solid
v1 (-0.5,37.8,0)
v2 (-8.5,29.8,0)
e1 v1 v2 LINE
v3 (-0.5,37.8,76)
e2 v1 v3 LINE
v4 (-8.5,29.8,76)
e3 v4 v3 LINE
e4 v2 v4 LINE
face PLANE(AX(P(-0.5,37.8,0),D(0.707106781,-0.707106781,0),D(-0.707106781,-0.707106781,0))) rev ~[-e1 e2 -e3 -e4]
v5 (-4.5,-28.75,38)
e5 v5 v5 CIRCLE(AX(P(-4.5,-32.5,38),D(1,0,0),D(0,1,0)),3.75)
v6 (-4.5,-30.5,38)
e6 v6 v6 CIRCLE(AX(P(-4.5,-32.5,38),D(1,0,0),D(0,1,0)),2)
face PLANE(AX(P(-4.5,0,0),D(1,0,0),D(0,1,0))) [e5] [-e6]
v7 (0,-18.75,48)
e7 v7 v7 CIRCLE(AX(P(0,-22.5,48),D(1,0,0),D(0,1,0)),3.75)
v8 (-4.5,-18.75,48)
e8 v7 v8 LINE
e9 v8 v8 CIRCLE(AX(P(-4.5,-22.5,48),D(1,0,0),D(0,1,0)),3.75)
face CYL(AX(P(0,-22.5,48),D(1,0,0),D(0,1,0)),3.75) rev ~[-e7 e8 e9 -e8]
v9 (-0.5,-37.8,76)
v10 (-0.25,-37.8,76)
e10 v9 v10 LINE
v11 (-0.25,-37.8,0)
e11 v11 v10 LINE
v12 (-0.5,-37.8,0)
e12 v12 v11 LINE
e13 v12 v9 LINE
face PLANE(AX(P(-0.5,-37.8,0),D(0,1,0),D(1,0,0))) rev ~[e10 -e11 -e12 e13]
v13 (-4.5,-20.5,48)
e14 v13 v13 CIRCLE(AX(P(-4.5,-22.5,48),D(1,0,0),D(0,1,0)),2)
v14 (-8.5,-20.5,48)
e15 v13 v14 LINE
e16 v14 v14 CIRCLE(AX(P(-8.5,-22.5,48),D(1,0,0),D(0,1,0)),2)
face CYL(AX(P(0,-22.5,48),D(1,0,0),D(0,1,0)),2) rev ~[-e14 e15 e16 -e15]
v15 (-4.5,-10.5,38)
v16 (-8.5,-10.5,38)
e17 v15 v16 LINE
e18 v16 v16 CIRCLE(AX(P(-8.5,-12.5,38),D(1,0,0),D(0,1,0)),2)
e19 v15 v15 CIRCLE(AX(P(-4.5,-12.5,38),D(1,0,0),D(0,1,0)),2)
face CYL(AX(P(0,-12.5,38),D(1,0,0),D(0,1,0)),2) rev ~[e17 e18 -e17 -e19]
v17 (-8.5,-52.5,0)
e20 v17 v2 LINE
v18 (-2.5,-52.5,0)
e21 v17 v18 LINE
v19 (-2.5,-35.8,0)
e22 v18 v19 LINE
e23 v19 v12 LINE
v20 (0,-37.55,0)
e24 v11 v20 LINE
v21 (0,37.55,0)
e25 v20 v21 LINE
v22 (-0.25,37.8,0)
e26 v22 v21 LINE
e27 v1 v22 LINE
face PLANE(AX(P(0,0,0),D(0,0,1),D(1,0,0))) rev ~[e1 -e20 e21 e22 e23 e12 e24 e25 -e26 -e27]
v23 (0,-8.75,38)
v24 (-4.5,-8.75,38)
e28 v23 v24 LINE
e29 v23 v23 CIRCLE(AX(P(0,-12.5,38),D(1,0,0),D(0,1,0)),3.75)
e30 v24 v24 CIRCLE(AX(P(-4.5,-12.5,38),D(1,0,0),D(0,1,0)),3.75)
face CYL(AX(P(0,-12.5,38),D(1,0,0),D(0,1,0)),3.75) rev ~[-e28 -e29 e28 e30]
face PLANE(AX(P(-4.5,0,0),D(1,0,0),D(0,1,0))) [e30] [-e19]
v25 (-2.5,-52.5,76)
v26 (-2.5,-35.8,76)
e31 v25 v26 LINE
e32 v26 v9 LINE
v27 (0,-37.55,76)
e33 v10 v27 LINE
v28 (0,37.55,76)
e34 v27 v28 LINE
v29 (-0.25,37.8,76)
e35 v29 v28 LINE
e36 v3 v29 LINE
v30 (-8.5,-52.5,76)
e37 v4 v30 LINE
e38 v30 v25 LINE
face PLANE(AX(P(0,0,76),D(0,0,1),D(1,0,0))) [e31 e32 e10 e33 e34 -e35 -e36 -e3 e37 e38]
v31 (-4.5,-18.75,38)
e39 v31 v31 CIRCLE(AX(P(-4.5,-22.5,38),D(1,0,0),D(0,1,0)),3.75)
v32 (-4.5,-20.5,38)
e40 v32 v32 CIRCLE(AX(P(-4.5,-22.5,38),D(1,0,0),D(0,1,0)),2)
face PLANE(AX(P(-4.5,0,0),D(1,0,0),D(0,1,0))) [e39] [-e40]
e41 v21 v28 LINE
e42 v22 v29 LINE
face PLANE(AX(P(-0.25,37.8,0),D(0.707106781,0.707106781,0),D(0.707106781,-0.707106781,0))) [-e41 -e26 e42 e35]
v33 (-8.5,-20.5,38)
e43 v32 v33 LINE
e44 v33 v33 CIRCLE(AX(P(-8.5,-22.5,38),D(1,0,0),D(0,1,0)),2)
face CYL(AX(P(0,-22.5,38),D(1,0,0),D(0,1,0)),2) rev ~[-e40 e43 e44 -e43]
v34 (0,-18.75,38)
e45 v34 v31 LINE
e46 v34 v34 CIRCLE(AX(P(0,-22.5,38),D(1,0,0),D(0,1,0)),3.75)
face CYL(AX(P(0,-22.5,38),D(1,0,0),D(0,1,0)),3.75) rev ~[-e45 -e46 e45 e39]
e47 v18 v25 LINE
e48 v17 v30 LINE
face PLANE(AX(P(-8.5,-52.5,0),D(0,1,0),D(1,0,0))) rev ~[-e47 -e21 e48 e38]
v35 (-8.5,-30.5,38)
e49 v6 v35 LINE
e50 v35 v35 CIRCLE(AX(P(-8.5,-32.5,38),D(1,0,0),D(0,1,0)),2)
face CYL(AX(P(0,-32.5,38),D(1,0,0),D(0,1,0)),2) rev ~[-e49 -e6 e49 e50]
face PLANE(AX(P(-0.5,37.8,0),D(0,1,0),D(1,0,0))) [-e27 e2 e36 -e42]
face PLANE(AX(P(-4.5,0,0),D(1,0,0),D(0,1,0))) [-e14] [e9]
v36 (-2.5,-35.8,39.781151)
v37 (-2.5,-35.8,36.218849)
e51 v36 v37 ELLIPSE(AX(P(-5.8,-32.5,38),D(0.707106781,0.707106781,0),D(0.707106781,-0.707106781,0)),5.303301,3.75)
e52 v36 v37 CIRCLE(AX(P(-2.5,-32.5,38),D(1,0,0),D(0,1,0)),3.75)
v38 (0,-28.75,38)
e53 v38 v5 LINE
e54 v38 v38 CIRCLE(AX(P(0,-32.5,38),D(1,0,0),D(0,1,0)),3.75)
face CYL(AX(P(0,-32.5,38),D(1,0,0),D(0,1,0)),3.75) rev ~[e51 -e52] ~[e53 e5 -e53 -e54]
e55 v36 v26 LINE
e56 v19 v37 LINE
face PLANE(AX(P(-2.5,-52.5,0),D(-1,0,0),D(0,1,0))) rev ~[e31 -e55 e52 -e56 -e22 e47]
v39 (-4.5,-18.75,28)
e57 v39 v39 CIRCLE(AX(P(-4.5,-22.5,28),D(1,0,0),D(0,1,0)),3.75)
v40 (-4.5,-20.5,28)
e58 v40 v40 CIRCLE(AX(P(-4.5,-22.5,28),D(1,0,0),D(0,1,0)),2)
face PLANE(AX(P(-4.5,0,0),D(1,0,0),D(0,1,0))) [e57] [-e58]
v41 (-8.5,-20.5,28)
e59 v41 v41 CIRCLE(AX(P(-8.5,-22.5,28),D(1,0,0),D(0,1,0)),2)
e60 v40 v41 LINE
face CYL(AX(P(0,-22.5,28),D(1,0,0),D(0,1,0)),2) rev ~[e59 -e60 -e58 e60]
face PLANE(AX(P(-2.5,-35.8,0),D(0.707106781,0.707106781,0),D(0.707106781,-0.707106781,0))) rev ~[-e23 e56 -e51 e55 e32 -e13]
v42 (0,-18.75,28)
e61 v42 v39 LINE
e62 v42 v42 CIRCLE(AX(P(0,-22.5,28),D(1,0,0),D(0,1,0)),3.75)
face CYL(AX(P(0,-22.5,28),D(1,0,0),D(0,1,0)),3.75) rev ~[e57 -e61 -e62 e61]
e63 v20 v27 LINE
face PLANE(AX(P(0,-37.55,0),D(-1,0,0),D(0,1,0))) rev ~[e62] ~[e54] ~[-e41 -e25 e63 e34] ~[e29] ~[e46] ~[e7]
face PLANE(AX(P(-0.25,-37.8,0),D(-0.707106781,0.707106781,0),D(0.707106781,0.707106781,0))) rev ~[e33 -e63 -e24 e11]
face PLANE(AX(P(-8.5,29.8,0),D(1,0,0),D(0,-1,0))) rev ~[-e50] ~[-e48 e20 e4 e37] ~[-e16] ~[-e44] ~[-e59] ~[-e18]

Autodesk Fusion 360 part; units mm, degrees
sketch "Skizze1" plane through (0, 0, 0) normal (0, 0, 1) x (1, 0, 0)
  line L0 (-2.5, 19.7043) -> (-8.5, 19.7043)
  line L1 (-8.5, 19.7043) -> (-8.5, -52.5)
  line L2 (-8.5, -52.5) -> (-2.5, -52.5)
  line L3 (-2.5, -52.5) -> (-2.5, -35.8)
  line L4 (-2.5, -35.8) -> (0, -38.3)
  line L5 (0, -38.3) -> (0, 38.3)
  line L6 (0, 38.3) -> (-2.5, 35.8)
  line L7 (-2.5, 35.8) -> (-2.5, 19.7043)
  line L8 (-2.5, 35.8) -> (-8.5, 29.8)
  line L9 (-8.5, 29.8) -> (-8.5, 19.7043)
  line L10 (-0.5, 37.8) -> (-0.25, 37.8)
  line L11 (-0.25, 37.8) -> (0, 37.55)
  line L12 (0, 0) -> (7.5514, 0) construction
  line L13 (-0.5, -37.8) -> (-0.25, -37.8)
  line L14 (-0.25, -37.8) -> (0, -37.55)
  dimension "d1" = 45
  dimension "d2" = 2.5
  dimension "d6" = 52.5
  dimension "d31" = 8.5
  dimension "d33" = 16.7
  dimension "d34" = 0.25
  dimension "d36" = 0.25
  dimension "d37" = 82.3
extrude "Extrusion1" add sketch "Skizze1" along normal blind 76 contours L0 L1 L2 L3 L4 L5 L6 L7 L10 L11 L13 L14 | L0 L7 L8 L9
sketch "Skizze2" plane through (0, 0, 0) normal (1, 0, 0) x (0, 1, 0)
  line L0 (-37.55, 0) -> (37.55, 0)
  line L1 (37.55, 76) -> (-37.55, 76)
  line L2 (0, 38) -> (-32.5, 38) construction
  circle A0 centre (-12.5, 38) radius 2
  circle A1 centre (-32.5, 38) radius 2
  circle A2 centre (-22.5, 48) radius 2
  circle A3 centre (-22.5, 28) radius 2
  line L3 (-32.5, 38) -> (-12.5, 38) construction
  line L4 (-22.5, 38) -> (-22.5, 48) construction
  circle A4 centre (-22.5, 38) radius 2
  circle A5 centre (-12.5, 38) radius 3.75
  circle A6 centre (-22.5, 48) radius 3.75
  circle A7 centre (-22.5, 28) radius 3.75
  circle A8 centre (-32.5, 38) radius 3.75
  circle A9 centre (-22.5, 38) radius 3.75
  line L5 (37.55, 0) -> (37.55, 76)
  line L6 (-37.55, 76) -> (-37.55, 0)
  line L7 (0, 76) -> (0, 0) construction
  dimension "d9" = 4
  dimension "d11" = 4
  dimension "d12" = 4
  dimension "d13" = 4
  dimension "d14" = 20
  dimension "d15" = 10
  dimension "d16" = 4
  dimension "d19" = 7.5
  dimension "d20" = 7.5
  dimension "d21" = 7.5
  dimension "d22" = 7.5
  dimension "d23" = 7.5
  dimension "d32" = 12.5
extrude "Extrusion3" cut sketch "Skizze2" against normal blind 4.5 contours A5 | A6 | A7 | A8 | A9
extrude "Extrusion2" cut sketch "Skizze2" against normal up to surface (8.5 mm away) contours A0 | A1 | A2 | A3 | A4
equation "d6 = 12.5 mm + 20 mm + 20 mm"
equation "d11 = d9"
equation "d12 = d9"
equation "d13 = d9"
equation "d16 = d9"
equation "d20 = d19"
equation "d21 = d19"
equation "d22 = d19"
equation "d23 = d19"
